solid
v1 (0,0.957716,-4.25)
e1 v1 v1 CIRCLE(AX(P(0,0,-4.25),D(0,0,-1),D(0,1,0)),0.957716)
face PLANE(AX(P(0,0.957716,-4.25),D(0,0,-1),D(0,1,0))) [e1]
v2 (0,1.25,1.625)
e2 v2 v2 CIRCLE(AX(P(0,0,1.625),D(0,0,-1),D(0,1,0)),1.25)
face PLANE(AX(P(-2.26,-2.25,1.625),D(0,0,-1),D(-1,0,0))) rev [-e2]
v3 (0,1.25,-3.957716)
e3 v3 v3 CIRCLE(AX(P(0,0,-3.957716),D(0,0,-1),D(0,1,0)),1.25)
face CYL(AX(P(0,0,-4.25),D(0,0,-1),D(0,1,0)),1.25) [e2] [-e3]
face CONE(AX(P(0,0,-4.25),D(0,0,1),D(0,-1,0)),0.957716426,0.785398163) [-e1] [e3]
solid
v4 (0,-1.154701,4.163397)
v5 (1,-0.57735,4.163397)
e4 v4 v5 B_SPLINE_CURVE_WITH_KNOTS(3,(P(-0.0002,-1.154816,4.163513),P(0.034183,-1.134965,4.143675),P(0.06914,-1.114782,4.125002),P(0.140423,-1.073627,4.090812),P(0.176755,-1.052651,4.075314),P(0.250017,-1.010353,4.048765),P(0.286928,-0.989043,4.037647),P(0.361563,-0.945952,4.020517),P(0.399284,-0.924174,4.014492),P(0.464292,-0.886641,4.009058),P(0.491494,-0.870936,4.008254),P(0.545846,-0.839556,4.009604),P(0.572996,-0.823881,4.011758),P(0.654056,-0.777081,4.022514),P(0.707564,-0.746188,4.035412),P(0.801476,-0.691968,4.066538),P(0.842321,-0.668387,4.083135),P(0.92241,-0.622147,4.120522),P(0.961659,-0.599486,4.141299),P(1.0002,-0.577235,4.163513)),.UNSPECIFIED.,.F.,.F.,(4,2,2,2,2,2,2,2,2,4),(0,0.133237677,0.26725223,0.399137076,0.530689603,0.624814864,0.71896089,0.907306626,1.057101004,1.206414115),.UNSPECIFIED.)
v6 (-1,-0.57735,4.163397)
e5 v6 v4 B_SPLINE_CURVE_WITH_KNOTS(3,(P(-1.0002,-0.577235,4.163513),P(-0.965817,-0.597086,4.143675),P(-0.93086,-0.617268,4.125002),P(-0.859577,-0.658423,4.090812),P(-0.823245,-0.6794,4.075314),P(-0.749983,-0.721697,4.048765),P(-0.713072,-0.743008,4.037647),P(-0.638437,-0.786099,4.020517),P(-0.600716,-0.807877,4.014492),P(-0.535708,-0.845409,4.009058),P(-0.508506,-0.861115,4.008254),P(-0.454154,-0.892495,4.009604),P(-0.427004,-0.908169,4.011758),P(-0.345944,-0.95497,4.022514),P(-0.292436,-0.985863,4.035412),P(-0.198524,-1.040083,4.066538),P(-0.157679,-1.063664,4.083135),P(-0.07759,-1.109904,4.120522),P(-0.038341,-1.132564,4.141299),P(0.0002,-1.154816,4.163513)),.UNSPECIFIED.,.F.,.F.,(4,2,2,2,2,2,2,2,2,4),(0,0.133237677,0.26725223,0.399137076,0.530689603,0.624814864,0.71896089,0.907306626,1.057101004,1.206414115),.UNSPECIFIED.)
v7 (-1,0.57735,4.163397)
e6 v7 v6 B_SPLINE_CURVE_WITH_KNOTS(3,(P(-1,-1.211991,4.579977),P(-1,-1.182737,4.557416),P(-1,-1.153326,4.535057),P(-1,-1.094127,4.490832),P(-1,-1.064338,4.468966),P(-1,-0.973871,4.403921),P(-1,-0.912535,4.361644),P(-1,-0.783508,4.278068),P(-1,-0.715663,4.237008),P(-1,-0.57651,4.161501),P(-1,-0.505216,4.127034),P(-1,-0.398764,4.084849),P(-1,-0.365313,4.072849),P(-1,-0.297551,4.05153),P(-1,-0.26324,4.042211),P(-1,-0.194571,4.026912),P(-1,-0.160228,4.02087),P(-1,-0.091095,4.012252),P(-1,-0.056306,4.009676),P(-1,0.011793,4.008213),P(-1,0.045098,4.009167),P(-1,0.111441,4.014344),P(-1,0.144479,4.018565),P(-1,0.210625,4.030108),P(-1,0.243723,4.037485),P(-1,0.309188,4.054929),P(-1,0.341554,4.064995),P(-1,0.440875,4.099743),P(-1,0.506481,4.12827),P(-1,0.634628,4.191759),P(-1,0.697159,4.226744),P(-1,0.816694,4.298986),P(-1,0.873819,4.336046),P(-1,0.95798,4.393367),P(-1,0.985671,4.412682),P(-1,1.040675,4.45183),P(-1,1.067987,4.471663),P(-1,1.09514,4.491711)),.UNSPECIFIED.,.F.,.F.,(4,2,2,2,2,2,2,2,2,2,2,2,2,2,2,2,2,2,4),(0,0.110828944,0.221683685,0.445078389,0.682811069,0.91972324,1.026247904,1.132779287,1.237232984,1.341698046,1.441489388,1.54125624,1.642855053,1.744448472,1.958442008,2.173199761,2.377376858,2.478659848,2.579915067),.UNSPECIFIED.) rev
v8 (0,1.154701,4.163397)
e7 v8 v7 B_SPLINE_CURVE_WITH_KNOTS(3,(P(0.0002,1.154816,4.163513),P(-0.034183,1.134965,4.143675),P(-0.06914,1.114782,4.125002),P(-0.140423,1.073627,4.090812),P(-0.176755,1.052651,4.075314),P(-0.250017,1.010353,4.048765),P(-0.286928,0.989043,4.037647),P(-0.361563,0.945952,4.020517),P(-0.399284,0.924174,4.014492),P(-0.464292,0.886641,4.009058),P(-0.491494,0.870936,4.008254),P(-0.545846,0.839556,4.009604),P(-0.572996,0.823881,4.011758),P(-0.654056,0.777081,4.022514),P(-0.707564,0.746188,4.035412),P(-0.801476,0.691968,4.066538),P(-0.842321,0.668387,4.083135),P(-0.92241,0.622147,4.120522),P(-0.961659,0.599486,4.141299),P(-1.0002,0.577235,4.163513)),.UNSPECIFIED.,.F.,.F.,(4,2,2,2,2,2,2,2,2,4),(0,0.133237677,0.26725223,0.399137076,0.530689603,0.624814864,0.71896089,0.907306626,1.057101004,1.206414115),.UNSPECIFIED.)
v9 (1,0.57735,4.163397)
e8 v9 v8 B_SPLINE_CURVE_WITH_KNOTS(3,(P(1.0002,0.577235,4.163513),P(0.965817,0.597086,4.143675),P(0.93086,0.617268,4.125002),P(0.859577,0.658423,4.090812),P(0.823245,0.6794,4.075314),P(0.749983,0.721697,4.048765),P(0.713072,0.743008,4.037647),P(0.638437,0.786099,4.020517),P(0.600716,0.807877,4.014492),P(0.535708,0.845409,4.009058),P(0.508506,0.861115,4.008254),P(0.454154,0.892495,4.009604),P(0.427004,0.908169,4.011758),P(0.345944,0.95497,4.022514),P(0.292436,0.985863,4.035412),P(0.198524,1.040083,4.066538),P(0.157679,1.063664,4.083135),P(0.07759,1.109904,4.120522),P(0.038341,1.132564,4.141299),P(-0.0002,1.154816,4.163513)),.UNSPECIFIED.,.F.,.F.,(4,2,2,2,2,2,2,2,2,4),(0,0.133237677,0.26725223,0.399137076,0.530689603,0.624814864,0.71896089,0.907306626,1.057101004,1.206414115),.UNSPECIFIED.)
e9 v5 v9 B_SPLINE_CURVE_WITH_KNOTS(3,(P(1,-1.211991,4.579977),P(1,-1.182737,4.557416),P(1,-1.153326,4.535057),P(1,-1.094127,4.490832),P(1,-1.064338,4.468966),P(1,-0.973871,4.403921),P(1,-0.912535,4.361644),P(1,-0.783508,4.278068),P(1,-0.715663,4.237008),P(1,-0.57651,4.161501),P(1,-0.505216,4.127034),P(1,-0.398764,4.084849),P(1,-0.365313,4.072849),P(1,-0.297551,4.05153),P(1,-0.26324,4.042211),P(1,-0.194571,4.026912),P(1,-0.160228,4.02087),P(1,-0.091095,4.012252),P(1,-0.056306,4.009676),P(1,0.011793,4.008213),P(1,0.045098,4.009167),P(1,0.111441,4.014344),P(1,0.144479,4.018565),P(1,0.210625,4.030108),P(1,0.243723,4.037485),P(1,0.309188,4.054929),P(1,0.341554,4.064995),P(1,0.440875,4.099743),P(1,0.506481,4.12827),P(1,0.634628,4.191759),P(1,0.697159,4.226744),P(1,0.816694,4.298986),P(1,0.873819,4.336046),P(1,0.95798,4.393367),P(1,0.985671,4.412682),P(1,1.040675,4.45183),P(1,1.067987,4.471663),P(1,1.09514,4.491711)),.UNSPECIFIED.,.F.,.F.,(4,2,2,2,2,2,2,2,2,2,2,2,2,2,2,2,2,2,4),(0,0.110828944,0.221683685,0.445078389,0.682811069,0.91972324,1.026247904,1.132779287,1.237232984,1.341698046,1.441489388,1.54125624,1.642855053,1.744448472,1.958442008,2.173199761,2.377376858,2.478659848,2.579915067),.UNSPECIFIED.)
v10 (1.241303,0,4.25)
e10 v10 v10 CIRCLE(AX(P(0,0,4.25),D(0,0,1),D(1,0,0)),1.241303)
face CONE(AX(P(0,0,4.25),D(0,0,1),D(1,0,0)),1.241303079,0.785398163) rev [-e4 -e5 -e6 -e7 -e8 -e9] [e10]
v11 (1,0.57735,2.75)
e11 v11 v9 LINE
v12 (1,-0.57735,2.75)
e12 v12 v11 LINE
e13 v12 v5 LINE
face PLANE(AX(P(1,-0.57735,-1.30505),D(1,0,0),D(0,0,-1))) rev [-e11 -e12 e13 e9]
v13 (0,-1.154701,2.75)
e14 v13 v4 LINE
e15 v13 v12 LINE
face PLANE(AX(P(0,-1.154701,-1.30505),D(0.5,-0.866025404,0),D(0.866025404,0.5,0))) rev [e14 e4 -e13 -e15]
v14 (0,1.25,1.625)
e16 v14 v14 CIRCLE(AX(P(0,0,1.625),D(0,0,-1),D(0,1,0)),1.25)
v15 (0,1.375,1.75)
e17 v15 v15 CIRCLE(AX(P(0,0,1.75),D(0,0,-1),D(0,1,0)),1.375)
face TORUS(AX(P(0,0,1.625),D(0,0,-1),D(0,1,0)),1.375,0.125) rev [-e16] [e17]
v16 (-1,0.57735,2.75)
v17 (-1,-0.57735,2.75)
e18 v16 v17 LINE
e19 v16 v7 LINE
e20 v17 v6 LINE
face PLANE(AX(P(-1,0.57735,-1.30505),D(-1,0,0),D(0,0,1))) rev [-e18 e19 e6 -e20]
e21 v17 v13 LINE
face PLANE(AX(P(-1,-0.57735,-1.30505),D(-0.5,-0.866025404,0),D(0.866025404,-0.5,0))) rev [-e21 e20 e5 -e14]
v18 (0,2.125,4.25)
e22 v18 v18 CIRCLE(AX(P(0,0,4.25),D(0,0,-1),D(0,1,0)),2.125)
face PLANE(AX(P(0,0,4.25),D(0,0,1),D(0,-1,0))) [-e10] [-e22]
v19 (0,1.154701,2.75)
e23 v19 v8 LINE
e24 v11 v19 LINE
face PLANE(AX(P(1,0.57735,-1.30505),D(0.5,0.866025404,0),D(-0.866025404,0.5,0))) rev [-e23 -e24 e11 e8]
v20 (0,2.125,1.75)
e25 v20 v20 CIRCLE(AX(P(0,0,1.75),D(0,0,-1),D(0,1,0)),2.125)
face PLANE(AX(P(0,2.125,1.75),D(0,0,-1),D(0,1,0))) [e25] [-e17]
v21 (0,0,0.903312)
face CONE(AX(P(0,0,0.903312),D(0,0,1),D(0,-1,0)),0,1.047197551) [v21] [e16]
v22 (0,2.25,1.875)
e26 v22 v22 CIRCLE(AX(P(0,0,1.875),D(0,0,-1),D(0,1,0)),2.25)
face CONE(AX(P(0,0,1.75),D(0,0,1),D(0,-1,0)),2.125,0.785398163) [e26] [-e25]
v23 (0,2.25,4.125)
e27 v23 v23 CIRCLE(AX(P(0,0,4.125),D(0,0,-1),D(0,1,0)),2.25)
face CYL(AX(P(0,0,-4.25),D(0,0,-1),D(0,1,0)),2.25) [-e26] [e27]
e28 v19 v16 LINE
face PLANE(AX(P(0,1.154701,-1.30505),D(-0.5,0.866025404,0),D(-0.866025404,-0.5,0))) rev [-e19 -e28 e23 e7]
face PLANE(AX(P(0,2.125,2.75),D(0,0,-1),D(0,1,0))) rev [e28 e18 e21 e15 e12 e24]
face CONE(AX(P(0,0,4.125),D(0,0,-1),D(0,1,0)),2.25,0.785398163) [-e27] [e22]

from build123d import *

# Parameters (mm, degrees)
CUT_EXTRUDE1_DEPTH     = 1.5
SPLIT1_SURFACE_1_BACK  = 11.618
SPLIT1_SURFACE_1_DEPTH = 23.236
SPLIT1_SURFACE_2_BACK  = 11.618
SPLIT1_SURFACE_2_DEPTH = 23.236


with BuildPart() as part:
    # Sketch2 → Revolve1 (revolve)
    with BuildSketch(Plane(origin=(0, 0, 0), x_dir=(0, 0, -1), z_dir=(1, 0, 0))):
        with BuildLine():
            Line((-4.25, 0), (-4.25, 2.125))
            Line((-4.25, 2.125), (-4.125, 2.25))
            Line((-4.125, 2.25), (-1.875, 2.25))
            Line((-1.875, 2.25), (-1.75, 2.125))
            Line((-1.75, 2.125), (-1.75, 1.375))
            ThreePointArc((-1.75, 1.375), (-1.713388348, 1.286611652), (-1.625, 1.25))
            Line((-1.625, 1.25), (3.957716426, 1.25))
            Line((3.957716426, 1.25), (4.25, 0.957716426))
            Line((4.25, 0.957716426), (4.25, 0))
            Line((4.25, 0), (-4.25, 0))
        make_face()
    revolve(axis=Axis((0, 0, -4.25), (0, 0, 1)))

    # Sketch3 → Cut-Extrude1 (cut)
    with BuildSketch(Plane.XY.offset(4.25)):
        Polygon((1, -0.577350269), (1, 0.577350269), (0, 1.154700538), (-1, 0.577350269), (-1, -0.577350269), (0, -1.154700538), align=None)
    extrude(amount=-CUT_EXTRUDE1_DEPTH, mode=Mode.SUBTRACT)

    # Cut-Extrude2 cone 1 section (through the dimple's axis) → Cut-Extrude2 (revolve, cut)
    with BuildSketch(Plane(origin=(0, 0, 4.25), x_dir=(0, -1, 0), z_dir=(1, 0, 0))):
        Polygon((0, 0), (1.241303079, 0), (0, 1.241303079), align=None)
    revolve(axis=Axis((0, 0, 4.25), (0, 0, -1)), mode=Mode.SUBTRACT)


with BuildPart() as body_2:
    # Split1: the piece behind the surface
    add(part.part)
    # Split1 surface: a surface, the sketch's curves swept straight by 23.236 mm
    with BuildLine(Plane(origin=(0, 0, 0), x_dir=(0, 0, -1), z_dir=(1, 0, 0)).offset(-SPLIT1_SURFACE_1_BACK), mode=Mode.PRIVATE) as split1_surface_1_path:
        Line((-1.625, -2.25), (-1.625, 2.25))
    split1_surface_1 = Shell.extrude(split1_surface_1_path.wire(), (1 * SPLIT1_SURFACE_1_DEPTH, 0 * SPLIT1_SURFACE_1_DEPTH, 0 * SPLIT1_SURFACE_1_DEPTH))
    split(bisect_by=split1_surface_1, keep=Keep.BOTTOM)


with BuildPart() as part_1:
    add(part.part)

    # Split1: split by a surface, the side it looks to stays
    # Split1 surface: a surface, the sketch's curves swept straight by 23.236 mm
    with BuildLine(Plane(origin=(0, 0, 0), x_dir=(0, 0, -1), z_dir=(1, 0, 0)).offset(-SPLIT1_SURFACE_2_BACK), mode=Mode.PRIVATE) as split1_surface_2_path:
        Line((-1.625, -2.25), (-1.625, 2.25))
    split1_surface_2 = Shell.extrude(split1_surface_2_path.wire(), (1 * SPLIT1_SURFACE_2_DEPTH, 0 * SPLIT1_SURFACE_2_DEPTH, 0 * SPLIT1_SURFACE_2_DEPTH))
    split(bisect_by=split1_surface_2, keep=Keep.TOP)

    # Sketch8 → Revolve2 (revolve)
    with BuildSketch(Plane(origin=(0, 0, 0), x_dir=(0, 0, -1), z_dir=(1, 0, 0)), mode=Mode.PRIVATE) as revolve2_sk:
        Polygon((-1.75, 0), (-1.75, 1.25), (-1.625, 1.25), (-0.903312164, 0), align=None)
    revolve(revolve2_sk.sketch.rotate(Axis((0, 0, 0.903312164), (0, 0, 1)), 270), axis=Axis((0, 0, 0.903312164), (0, 0, 1)))


solid = Compound([body_2.part, part_1.part])
